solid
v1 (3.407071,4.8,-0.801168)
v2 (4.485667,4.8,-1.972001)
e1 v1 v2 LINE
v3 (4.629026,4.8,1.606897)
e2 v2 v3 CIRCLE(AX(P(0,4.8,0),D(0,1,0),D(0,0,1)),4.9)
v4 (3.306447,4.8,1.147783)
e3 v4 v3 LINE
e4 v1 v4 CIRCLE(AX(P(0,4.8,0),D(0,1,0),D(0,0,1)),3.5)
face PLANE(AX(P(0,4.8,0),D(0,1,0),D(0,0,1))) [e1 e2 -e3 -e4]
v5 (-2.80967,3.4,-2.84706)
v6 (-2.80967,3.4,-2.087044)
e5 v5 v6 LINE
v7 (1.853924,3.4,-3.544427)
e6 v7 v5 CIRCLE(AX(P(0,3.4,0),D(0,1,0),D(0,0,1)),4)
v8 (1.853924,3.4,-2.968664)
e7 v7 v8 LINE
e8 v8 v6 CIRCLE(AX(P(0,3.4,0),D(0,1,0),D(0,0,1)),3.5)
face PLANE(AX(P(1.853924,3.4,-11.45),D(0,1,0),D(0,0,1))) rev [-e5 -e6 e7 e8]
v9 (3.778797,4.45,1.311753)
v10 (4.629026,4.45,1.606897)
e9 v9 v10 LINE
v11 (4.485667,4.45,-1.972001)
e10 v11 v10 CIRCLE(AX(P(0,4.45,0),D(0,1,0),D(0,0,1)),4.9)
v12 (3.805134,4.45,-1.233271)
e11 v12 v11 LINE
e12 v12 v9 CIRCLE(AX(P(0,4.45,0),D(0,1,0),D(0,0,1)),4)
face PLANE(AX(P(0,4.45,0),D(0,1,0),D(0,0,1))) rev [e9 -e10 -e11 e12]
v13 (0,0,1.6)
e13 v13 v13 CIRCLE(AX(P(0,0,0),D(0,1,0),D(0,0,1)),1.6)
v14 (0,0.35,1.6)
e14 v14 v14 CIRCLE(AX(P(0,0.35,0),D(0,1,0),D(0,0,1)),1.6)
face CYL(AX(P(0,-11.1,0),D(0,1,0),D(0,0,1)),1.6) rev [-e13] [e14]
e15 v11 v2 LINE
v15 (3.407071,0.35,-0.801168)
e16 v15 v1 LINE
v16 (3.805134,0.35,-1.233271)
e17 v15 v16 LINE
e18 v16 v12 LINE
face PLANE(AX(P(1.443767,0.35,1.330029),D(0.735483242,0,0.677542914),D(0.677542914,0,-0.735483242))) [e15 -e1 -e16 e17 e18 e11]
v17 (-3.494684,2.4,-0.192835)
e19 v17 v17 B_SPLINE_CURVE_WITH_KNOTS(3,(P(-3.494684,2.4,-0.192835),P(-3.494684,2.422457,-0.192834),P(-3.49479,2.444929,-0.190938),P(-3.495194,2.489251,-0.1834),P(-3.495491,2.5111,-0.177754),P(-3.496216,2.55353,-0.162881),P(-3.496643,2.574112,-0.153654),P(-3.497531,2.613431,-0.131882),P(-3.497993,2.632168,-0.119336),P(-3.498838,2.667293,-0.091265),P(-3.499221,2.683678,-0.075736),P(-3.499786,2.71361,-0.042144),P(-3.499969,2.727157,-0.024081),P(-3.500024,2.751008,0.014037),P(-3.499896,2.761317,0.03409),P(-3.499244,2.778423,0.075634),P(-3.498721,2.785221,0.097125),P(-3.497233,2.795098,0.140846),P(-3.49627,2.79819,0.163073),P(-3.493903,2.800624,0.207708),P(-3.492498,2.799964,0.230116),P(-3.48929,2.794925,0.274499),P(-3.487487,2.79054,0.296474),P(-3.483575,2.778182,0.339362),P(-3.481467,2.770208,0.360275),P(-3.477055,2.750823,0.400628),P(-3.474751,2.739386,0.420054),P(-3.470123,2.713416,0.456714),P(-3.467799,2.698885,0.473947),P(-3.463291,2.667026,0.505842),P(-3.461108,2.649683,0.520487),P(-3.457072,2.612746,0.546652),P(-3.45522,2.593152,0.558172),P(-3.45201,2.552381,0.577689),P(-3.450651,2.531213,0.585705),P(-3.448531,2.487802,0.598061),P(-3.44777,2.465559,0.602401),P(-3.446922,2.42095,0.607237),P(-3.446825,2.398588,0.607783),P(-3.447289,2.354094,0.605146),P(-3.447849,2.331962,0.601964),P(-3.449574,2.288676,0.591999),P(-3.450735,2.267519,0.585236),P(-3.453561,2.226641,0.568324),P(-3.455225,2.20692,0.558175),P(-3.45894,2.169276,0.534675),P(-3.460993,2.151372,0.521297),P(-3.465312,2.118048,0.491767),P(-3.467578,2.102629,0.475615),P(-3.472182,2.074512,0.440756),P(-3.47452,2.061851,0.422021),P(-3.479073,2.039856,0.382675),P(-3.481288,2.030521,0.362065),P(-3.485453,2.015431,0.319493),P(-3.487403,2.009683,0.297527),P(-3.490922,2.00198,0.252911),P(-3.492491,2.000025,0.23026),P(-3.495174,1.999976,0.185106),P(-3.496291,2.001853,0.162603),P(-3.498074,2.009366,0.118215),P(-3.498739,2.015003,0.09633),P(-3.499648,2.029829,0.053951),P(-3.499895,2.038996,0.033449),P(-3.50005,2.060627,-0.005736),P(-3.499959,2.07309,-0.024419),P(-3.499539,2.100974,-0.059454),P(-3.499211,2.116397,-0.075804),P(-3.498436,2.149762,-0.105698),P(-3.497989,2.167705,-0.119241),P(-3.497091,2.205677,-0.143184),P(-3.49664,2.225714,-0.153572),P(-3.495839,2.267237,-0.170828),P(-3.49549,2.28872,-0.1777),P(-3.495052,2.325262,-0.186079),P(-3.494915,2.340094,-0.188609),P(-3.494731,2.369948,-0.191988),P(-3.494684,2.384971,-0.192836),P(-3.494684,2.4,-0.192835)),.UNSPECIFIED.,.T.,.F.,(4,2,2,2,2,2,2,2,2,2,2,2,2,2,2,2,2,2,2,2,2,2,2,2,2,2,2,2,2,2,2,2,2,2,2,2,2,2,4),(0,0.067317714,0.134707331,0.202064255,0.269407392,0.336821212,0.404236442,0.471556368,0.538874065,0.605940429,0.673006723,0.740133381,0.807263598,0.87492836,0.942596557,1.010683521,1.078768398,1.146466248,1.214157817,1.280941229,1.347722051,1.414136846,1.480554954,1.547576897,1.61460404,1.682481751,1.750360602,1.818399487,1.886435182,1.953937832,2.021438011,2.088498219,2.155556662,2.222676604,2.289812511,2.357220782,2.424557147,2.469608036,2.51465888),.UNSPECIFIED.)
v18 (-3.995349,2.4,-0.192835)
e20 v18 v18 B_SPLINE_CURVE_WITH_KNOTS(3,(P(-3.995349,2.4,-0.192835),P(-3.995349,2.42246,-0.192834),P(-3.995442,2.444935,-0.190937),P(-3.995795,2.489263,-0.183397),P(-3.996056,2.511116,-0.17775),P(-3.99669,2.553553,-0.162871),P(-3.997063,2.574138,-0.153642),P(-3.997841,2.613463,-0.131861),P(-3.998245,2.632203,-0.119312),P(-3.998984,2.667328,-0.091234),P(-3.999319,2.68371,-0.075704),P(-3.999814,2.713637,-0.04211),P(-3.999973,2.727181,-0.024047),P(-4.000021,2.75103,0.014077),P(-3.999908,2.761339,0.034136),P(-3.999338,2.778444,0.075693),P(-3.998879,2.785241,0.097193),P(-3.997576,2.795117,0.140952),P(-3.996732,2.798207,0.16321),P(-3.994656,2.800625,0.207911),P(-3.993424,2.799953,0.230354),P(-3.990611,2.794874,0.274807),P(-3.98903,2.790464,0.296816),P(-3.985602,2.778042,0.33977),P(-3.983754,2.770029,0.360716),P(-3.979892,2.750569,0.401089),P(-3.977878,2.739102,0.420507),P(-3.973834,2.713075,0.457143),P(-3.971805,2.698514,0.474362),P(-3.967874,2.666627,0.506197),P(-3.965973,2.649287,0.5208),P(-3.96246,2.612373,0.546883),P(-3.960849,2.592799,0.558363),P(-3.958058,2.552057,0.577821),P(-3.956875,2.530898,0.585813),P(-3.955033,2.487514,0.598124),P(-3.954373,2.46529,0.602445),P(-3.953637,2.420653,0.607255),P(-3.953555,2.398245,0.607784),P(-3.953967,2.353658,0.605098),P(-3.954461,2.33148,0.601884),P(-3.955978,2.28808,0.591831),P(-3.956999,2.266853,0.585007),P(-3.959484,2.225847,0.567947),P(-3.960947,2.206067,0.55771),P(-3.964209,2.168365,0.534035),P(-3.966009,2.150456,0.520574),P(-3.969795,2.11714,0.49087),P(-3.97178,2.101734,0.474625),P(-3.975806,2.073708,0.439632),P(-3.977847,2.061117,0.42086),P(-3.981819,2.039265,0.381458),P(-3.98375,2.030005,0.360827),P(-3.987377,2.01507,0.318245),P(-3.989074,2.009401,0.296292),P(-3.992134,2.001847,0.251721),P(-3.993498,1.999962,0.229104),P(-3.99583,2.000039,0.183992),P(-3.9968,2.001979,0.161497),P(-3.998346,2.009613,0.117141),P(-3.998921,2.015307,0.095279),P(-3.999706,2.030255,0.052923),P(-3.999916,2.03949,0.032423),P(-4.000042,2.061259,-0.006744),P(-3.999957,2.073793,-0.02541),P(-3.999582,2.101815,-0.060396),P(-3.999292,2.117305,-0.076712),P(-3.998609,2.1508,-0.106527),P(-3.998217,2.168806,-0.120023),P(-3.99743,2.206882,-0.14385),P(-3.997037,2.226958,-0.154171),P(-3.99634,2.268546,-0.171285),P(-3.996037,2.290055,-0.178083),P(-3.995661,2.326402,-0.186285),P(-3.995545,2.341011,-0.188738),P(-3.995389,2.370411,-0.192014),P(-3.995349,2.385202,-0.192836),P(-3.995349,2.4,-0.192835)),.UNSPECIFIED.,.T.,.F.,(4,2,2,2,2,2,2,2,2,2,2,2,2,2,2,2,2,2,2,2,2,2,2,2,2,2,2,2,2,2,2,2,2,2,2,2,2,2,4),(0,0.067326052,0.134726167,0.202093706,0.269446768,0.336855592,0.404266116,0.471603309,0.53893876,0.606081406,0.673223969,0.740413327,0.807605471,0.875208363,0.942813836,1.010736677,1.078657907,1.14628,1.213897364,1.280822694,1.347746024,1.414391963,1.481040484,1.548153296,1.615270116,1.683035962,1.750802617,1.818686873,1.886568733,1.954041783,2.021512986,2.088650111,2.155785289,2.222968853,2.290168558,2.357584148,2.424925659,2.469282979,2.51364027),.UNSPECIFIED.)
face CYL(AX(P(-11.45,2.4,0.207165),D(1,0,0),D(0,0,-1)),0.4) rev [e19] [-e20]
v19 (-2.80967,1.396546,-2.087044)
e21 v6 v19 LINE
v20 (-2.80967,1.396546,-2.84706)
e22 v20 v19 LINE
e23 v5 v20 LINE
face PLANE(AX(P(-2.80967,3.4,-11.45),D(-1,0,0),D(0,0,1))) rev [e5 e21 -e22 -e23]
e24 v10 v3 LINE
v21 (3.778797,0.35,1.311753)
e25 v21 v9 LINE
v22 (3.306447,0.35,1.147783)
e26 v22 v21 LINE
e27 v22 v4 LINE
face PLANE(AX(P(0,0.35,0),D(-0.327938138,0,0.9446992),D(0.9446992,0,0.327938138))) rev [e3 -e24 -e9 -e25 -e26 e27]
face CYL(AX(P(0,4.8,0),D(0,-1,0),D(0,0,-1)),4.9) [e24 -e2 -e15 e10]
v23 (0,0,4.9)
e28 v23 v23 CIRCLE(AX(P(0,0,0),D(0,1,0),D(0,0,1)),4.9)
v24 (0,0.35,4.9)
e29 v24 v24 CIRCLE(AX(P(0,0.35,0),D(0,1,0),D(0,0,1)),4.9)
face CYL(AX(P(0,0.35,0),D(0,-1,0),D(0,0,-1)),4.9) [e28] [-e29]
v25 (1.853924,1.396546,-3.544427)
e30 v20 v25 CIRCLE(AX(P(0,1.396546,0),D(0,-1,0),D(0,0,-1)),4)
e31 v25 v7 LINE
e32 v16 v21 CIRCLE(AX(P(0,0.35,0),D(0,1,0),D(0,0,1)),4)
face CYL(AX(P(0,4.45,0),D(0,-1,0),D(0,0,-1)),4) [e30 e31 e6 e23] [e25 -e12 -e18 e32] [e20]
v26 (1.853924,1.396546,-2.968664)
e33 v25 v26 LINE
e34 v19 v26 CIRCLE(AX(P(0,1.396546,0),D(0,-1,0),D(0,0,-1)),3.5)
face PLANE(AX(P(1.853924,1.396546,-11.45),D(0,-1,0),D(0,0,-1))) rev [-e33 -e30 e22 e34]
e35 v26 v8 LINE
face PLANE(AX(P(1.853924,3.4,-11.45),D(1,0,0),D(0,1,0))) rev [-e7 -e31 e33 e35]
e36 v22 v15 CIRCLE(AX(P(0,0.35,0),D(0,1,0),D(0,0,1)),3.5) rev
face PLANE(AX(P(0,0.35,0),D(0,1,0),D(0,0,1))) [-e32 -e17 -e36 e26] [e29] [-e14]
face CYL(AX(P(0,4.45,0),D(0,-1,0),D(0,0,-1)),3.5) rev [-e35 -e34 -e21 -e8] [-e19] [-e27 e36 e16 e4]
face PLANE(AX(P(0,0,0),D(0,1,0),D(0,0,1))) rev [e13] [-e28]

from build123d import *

# Parameters (mm, degrees)
SKETCH1_R           = 4.9
BOSS_EXTRUDE1_DEPTH = 0.35
SKETCH3_R           = 4
SKETCH3_R_2         = 3.5
BOSS_EXTRUDE2_DEPTH = 4.1
SKETCH4_R           = 4.9
SKETCH4_R_2         = 3.5
BOSS_EXTRUDE3_DEPTH = 0.35
CUT_EXTRUDE1_START  = -4.45
CUT_EXTRUDE1_DEPTH  = 4.45
SKETCH7_W           = 4.663594428
SKETCH7_H           = 2.003453707
CUT_EXTRUDE2_DEPTH  = 11.45
SKETCH8_R           = 1.6
CUT_EXTRUDE3_DEPTH  = 11.45
CUT_EXTRUDE5_DEPTH  = 11.45


with BuildPart() as part:
    # Sketch1 → Boss-Extrude1 (new body)
    with BuildSketch(Plane(origin=(0, 0, 0), x_dir=(1, 0, 0), z_dir=(0, 1, 0))):
        with Locations(Location((0, 0, 0), (0, 0, 270))):
            Circle(SKETCH1_R)
    extrude(amount=BOSS_EXTRUDE1_DEPTH)

    # Sketch3 → Boss-Extrude2 (add)
    with BuildSketch(Plane(origin=(0, 0.35, 0), x_dir=(1, 0, 0), z_dir=(0, 1, 0))):
        with Locations(Location((0, 0, 0), (0, 0, 270))):
            Circle(SKETCH3_R)
        with Locations(Location((0, 0, 0), (0, 0, 270))):
            Circle(SKETCH3_R_2, mode=Mode.SUBTRACT)
    extrude(amount=BOSS_EXTRUDE2_DEPTH)

    # Sketch4 → Boss-Extrude3 (add)
    with BuildSketch(Plane(origin=(0, 4.45, 0), x_dir=(1, 0, 0), z_dir=(0, 1, 0))):
        with Locations(Location((0, 0, 0), (0, 0, 270))):
            Circle(SKETCH4_R)
        with Locations(Location((0, 0, 0), (0, 0, 270))):
            Circle(SKETCH4_R_2, mode=Mode.SUBTRACT)
    extrude(amount=BOSS_EXTRUDE3_DEPTH)

    # Sketch5 → Cut-Extrude1 (cut)
    with BuildSketch(Plane(origin=(0, 4.8, 0), x_dir=(1, 0, 0), z_dir=(0, 1, 0)).offset(CUT_EXTRUDE1_START)):
        with BuildLine():
            Line((4.485667421, 1.972000961), (3.407070658, 0.801167605))
            ThreePointArc((3.407070658, 0.801167605), (3.476690042, 0.403269573), (3.5, 0))
            ThreePointArc((3.5, 0), (3.451272606, -0.581994331), (3.306447199, -1.147783482))
            Line((3.306447199, -1.147783482), (4.629026079, -1.606896874))
            ThreePointArc((4.629026079, -1.606896874), (4.831781648, -0.814792064), (4.9, 0))
            ThreePointArc((4.9, 0), (4.795298237, 1.007529066), (4.485667421, 1.972000961))
        make_face()
    extrude(amount=CUT_EXTRUDE1_DEPTH, mode=Mode.SUBTRACT)

    # Sketch7 → Cut-Extrude2 (cut)
    with BuildSketch(Plane.XY):
        with Locations((-0.477873166, 2.398273147)):
            Rectangle(SKETCH7_W, SKETCH7_H)
    extrude(amount=-CUT_EXTRUDE2_DEPTH, mode=Mode.SUBTRACT)

    # Sketch8 → Cut-Extrude3 (cut)
    with BuildSketch(Plane(origin=(0, 0.35, 0), x_dir=(1, 0, 0), z_dir=(0, 1, 0))):
        with Locations(Location((0, 0, 0), (0, 0, 270))):
            Circle(SKETCH8_R)
    extrude(amount=-CUT_EXTRUDE3_DEPTH, mode=Mode.SUBTRACT)

    # Sketch9 → Cut-Extrude5 (cut)
    with BuildSketch(Plane(origin=(0, 0, 0), x_dir=(0, 0, -1), z_dir=(1, 0, 0))):
        with BuildLine():
            ThreePointArc((0.192835364, 2.4), (0.075678076, 2.682842712), (-0.207164636, 2.8))
            Line((-0.207164636, 2.8), (-0.207164636, 2))
            ThreePointArc((-0.207164636, 2), (0.075678076, 2.117157288), (0.192835364, 2.4))
        make_face()
        with BuildLine():
            Line((-0.207164636, 2), (-0.207164636, 2.8))
            ThreePointArc((-0.207164636, 2.8), (-0.607164636, 2.4), (-0.207164636, 2))
        make_face()
    extrude(amount=-CUT_EXTRUDE5_DEPTH, mode=Mode.SUBTRACT)


solid = part.part
